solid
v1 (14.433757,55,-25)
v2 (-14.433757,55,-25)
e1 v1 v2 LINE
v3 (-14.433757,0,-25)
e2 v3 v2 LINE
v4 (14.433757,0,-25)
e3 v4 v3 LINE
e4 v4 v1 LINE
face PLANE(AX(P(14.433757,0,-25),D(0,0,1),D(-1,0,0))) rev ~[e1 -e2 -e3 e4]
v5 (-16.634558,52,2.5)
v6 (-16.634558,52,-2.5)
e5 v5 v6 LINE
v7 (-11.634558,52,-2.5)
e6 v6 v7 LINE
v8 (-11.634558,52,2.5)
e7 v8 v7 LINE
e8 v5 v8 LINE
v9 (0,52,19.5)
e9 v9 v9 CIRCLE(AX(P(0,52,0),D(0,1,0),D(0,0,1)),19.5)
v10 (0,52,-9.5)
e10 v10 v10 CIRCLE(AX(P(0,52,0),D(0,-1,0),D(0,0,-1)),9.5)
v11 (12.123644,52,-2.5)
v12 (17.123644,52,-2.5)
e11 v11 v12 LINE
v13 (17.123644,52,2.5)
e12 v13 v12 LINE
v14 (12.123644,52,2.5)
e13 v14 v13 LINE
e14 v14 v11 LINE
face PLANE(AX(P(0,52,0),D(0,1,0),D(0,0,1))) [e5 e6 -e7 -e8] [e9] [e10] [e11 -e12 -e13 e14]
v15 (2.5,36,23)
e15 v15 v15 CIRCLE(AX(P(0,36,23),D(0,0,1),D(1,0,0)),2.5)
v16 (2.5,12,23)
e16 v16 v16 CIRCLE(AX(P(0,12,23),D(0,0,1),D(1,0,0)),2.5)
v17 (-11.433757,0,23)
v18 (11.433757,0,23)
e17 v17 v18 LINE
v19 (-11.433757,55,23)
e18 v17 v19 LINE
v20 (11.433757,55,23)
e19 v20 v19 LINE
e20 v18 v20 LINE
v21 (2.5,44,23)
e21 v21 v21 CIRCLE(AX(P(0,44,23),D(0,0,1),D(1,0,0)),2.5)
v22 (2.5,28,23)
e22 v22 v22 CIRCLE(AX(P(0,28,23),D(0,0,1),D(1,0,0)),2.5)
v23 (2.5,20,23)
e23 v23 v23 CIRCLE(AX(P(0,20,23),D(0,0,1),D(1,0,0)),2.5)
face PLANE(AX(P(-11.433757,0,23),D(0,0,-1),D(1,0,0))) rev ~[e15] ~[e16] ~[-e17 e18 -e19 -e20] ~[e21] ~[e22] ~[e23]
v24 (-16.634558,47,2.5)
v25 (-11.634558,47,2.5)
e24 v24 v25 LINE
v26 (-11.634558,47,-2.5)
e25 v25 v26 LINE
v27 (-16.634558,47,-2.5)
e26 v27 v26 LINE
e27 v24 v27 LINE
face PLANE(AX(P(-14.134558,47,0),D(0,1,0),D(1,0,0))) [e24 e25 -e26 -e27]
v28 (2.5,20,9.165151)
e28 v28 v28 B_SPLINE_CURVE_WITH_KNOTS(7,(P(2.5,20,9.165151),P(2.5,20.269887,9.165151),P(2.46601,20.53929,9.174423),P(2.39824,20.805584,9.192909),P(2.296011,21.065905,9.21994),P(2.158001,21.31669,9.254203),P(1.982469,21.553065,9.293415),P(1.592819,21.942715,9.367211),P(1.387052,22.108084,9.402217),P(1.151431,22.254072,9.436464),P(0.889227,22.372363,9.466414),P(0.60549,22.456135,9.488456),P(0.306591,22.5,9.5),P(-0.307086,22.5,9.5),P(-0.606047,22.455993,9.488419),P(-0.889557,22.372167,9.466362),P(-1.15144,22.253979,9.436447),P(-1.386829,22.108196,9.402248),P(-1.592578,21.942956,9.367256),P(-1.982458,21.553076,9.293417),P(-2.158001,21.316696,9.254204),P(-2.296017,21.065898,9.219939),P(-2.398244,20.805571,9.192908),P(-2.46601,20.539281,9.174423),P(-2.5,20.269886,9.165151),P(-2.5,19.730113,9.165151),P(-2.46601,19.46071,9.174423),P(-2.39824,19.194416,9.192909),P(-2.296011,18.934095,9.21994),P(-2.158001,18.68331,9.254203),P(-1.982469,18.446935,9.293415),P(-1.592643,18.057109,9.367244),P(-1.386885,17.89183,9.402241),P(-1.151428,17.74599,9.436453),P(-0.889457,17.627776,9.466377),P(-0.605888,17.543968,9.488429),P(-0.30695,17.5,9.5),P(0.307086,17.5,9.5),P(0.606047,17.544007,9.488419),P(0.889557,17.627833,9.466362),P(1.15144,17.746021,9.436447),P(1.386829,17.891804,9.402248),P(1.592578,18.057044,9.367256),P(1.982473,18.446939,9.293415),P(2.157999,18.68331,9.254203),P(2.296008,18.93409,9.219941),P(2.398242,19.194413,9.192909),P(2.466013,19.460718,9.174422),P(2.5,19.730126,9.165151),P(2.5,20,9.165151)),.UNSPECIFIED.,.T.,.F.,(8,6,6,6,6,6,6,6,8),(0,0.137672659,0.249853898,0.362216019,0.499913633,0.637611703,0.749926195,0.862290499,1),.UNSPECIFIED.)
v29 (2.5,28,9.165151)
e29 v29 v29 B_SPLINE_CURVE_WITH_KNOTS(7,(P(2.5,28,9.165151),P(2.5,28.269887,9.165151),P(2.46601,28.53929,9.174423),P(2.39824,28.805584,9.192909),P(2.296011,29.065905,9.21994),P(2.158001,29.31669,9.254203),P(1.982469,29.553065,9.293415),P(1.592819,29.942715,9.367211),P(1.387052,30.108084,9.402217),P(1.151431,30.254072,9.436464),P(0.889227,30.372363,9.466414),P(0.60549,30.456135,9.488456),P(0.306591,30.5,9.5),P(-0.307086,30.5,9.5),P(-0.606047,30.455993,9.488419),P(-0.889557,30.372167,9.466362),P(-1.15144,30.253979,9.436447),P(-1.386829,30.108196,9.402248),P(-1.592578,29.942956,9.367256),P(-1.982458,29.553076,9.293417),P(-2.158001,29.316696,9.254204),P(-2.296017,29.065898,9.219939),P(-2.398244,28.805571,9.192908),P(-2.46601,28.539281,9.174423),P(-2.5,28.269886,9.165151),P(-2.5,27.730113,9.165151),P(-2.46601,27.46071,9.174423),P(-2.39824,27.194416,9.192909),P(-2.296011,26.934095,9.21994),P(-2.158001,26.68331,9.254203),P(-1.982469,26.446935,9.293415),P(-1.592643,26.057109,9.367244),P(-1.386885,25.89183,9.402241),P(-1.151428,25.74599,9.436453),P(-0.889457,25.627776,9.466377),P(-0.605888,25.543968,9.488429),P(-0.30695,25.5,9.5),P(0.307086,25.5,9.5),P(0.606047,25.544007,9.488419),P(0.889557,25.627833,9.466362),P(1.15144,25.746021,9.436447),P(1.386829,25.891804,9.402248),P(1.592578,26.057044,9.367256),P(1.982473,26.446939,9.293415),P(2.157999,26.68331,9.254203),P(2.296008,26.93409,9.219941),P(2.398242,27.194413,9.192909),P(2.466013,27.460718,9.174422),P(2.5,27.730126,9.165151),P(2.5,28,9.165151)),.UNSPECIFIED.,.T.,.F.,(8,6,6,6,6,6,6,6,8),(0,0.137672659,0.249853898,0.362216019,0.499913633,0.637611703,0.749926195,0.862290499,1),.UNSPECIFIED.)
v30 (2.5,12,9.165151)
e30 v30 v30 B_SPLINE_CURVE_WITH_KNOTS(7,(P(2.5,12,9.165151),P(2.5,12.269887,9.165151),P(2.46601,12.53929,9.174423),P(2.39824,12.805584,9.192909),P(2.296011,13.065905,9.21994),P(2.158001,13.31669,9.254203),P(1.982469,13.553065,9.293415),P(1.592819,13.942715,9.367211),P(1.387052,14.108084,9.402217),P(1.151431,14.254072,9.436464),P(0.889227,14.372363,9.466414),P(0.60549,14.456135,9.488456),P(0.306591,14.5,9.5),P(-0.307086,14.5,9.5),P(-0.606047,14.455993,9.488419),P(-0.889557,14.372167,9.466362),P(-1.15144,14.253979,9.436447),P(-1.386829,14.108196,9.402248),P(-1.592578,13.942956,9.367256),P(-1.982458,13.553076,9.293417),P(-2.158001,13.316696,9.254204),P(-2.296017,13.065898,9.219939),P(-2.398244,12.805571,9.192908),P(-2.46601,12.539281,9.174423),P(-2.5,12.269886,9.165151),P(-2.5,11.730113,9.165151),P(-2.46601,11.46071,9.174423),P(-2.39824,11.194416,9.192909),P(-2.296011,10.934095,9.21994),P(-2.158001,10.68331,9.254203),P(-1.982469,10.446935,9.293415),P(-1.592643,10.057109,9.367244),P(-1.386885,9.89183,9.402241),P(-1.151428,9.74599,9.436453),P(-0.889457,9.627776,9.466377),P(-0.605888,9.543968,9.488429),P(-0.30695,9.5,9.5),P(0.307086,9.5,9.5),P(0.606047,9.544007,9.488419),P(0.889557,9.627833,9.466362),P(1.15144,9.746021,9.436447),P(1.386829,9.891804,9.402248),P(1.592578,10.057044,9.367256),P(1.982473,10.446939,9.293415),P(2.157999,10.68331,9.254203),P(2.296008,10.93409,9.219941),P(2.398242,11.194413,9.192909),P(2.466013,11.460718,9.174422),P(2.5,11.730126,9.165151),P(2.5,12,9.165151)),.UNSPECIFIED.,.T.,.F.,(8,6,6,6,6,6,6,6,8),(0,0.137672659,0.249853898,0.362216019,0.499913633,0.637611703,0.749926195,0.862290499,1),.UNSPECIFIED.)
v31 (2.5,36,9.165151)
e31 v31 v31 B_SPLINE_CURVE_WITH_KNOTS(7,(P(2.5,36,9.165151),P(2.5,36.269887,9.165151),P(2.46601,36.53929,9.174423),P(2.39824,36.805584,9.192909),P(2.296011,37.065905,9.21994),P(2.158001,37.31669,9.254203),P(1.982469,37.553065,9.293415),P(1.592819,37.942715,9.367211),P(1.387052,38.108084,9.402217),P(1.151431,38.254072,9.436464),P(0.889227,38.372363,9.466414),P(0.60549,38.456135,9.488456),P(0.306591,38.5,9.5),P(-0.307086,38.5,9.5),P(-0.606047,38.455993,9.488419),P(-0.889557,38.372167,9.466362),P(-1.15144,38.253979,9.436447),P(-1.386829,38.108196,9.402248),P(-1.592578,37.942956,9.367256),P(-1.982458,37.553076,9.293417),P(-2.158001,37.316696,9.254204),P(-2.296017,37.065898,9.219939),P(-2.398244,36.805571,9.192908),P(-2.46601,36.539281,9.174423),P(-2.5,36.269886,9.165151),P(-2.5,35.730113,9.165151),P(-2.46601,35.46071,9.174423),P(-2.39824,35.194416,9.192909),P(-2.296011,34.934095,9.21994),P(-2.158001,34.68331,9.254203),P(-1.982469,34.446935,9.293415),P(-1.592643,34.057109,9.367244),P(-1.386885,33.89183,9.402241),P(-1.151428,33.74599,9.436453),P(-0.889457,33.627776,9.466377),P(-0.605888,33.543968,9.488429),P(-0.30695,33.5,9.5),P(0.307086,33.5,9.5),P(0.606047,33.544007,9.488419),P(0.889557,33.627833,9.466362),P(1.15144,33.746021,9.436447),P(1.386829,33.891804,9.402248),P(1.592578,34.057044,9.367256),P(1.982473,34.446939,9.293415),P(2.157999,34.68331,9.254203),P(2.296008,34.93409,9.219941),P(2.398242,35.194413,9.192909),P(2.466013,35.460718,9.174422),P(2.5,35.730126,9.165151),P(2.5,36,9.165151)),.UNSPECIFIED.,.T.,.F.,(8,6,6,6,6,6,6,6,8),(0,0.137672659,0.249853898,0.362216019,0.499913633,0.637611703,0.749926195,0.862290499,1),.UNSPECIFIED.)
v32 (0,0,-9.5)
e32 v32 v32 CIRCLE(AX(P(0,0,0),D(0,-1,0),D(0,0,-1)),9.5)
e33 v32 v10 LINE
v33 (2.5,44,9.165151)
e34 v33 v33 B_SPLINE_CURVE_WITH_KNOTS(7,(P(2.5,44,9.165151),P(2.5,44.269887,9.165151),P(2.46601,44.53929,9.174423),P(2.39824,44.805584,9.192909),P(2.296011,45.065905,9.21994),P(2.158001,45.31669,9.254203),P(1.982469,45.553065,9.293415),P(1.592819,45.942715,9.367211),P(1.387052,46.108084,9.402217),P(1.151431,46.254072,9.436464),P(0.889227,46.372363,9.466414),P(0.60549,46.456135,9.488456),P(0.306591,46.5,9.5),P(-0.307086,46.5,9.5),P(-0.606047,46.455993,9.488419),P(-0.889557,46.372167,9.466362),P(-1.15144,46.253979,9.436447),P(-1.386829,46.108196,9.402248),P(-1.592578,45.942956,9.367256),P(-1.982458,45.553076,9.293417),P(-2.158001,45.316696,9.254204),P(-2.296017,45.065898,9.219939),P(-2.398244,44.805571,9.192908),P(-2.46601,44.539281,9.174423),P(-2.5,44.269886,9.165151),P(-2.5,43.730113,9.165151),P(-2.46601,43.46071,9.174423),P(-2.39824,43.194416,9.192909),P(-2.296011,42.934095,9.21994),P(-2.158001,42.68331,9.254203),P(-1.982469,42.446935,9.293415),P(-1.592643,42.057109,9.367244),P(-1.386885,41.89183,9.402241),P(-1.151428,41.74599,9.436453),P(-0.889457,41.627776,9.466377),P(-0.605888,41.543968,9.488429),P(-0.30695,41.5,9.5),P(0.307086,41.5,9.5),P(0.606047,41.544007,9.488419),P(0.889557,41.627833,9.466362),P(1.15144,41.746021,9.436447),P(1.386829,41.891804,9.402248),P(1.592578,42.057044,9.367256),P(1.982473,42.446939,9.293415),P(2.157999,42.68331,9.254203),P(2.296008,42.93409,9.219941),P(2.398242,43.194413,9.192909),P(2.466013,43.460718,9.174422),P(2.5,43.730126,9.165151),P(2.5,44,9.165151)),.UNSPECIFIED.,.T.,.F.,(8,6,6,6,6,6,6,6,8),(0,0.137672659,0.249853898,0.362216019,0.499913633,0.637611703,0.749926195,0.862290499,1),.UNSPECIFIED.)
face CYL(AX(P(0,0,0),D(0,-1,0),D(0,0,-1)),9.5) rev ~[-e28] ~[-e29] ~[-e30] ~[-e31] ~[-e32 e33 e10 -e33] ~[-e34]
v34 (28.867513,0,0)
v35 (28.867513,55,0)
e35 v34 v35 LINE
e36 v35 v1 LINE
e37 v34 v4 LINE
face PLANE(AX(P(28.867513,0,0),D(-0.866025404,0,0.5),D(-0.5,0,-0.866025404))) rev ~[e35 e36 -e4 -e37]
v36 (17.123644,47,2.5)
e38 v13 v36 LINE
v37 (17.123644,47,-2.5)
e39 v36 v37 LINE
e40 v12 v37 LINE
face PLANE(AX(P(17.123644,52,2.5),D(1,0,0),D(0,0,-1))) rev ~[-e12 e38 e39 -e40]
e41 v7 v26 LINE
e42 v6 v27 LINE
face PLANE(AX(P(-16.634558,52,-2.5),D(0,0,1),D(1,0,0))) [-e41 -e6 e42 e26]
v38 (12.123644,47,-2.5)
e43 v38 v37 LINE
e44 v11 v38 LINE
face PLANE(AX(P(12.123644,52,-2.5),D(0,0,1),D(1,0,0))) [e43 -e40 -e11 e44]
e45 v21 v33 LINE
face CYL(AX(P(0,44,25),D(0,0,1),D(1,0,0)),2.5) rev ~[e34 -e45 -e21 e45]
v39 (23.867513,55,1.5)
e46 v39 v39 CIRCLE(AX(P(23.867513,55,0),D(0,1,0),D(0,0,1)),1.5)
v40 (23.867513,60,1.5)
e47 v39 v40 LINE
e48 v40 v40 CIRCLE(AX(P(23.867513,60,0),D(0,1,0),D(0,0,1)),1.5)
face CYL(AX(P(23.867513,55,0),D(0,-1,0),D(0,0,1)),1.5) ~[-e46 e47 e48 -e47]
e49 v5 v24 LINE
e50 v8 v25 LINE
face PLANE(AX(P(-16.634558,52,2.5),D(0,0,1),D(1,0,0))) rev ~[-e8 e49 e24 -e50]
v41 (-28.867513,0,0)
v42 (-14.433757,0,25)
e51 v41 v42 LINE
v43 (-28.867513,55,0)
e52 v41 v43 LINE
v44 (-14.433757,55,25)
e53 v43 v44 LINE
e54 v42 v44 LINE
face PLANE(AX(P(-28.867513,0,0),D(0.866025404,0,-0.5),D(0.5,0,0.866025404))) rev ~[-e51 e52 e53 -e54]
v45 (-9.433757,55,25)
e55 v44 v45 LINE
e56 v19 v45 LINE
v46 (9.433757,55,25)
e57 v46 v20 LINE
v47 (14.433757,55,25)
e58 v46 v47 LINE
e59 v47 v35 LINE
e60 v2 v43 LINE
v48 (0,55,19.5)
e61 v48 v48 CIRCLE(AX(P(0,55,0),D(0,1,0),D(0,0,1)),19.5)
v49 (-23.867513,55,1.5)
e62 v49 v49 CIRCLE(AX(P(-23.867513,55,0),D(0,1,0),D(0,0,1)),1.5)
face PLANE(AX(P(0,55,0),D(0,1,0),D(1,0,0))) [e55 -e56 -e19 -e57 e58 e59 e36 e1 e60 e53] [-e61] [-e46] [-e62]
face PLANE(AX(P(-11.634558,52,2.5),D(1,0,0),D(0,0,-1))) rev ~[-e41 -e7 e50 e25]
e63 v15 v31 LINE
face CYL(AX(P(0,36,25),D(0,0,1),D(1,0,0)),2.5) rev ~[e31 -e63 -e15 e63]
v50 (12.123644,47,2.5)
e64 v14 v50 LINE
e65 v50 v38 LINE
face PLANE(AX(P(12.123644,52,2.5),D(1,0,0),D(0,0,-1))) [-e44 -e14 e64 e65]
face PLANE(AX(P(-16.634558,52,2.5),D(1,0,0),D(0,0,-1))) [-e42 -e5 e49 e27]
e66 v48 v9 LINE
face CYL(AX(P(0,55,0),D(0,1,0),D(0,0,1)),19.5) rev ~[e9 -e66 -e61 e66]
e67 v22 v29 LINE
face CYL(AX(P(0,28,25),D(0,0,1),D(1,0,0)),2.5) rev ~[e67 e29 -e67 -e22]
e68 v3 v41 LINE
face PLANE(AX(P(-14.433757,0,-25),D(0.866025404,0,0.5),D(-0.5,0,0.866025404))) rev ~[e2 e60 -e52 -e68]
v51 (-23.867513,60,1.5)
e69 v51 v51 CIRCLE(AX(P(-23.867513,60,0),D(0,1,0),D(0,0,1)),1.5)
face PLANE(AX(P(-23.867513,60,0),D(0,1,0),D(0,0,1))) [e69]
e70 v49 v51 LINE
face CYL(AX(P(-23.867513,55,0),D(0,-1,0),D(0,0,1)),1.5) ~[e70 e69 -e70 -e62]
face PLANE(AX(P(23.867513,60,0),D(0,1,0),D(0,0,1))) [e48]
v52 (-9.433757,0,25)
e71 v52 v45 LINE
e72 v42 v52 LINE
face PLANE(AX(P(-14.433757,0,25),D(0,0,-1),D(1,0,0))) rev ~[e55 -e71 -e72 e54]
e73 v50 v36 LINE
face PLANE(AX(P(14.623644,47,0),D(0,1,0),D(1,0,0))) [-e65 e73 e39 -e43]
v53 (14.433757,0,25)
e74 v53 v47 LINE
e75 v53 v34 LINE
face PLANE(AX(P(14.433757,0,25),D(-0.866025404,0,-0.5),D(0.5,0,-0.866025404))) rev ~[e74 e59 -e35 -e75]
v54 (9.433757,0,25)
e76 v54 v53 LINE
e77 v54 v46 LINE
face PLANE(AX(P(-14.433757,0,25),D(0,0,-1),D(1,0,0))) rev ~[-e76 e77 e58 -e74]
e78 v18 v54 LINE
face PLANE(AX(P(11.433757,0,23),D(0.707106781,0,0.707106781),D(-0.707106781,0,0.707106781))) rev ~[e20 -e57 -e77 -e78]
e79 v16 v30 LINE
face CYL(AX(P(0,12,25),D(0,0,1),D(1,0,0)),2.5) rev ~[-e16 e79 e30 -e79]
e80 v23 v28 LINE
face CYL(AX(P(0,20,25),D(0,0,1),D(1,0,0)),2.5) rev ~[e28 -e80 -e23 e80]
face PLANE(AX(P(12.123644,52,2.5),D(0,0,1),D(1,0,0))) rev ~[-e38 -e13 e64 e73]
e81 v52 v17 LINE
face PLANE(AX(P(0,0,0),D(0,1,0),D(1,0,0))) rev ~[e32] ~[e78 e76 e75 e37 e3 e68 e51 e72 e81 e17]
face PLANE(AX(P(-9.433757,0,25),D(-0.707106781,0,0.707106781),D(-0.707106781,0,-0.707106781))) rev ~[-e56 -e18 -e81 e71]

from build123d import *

# Parameters (mm, degrees)
BOSS_EXTRUDE1_DEPTH = 55
SKETCH2_R           = 9.5
CUT_EXTRUDE1_DEPTH  = 60
SKETCH3_R           = 19.5
CUT_EXTRUDE2_DEPTH  = 3
SKETCH4_R           = 2.5
CUT_EXTRUDE3_DEPTH  = 23
SKETCH5_W           = 5
SKETCH5_H           = 5
CUT_EXTRUDE4_DEPTH  = 5
CUT_EXTRUDE5_DEPTH  = 60
SKETCH7_R           = 1.5
BOSS_EXTRUDE2_DEPTH = 5


with BuildPart() as part:
    # Sketch1 → Boss-Extrude1 (new body)
    with BuildSketch(Plane(origin=(0, 0, 0), x_dir=(1, 0, 0), z_dir=(0, 1, 0))):
        Polygon((-28.867513459, 0), (-14.43375673, -25), (14.43375673, -25), (28.867513459, 0), (14.43375673, 25), (-14.43375673, 25), align=None)
    extrude(amount=BOSS_EXTRUDE1_DEPTH)

    # Sketch2 → Cut-Extrude1 (cut)
    with BuildSketch(Plane.XZ):
        with Locations(Location((0, 0, 0), (0, 0, 270))):
            Circle(SKETCH2_R)
    extrude(amount=-CUT_EXTRUDE1_DEPTH, mode=Mode.SUBTRACT)

    # Sketch3 → Cut-Extrude2 (cut)
    with BuildSketch(Plane(origin=(0, 55, 0), x_dir=(1, 0, 0), z_dir=(0, 1, 0))):
        with Locations(Location((0, 0, 0), (0, 0, 270))):
            Circle(SKETCH3_R)
    extrude(amount=-CUT_EXTRUDE2_DEPTH, mode=Mode.SUBTRACT)

    # Sketch4 → Cut-Extrude3 (cut)
    with BuildSketch(Plane.XY.offset(25)):
        with Locations((0, 12)):
            Circle(SKETCH4_R)
        with Locations((0, 20)):
            Circle(SKETCH4_R)
        with Locations((0, 28)):
            Circle(SKETCH4_R)
        with Locations((0, 36)):
            Circle(SKETCH4_R)
        with Locations((0, 44)):
            Circle(SKETCH4_R)
    extrude(amount=-CUT_EXTRUDE3_DEPTH, mode=Mode.SUBTRACT)

    # Sketch5 → Cut-Extrude4 (cut)
    with BuildSketch(Plane(origin=(0, 52, 0), x_dir=(1, 0, 0), z_dir=(0, 1, 0))):
        with Locations((-14.134558147, 0)):
            Rectangle(SKETCH5_W, SKETCH5_H)
        with Locations((14.623643585, 0)):
            Rectangle(SKETCH5_W, SKETCH5_H)
    extrude(amount=-CUT_EXTRUDE4_DEPTH, mode=Mode.SUBTRACT)

    # Sketch6 → Cut-Extrude5 (cut)
    with BuildSketch(Plane.XZ):
        Polygon((9.43375673, 25), (-9.43375673, 25), (-11.43375673, 23), (-9.43375673, 23), (9.43375673, 23), (11.43375673, 23), align=None)
    extrude(amount=-CUT_EXTRUDE5_DEPTH, mode=Mode.SUBTRACT)

    # Sketch7 → Boss-Extrude2 (add)
    with BuildSketch(Plane(origin=(0, 55, 0), x_dir=(1, 0, 0), z_dir=(0, 1, 0))):
        with Locations(Location((23.867513459, 0, 0), (0, 0, 270))):
            Circle(SKETCH7_R)
        with Locations(Location((-23.867513459, 0, 0), (0, 0, 270))):
            Circle(SKETCH7_R)
    extrude(amount=BOSS_EXTRUDE2_DEPTH)


solid = part.part
